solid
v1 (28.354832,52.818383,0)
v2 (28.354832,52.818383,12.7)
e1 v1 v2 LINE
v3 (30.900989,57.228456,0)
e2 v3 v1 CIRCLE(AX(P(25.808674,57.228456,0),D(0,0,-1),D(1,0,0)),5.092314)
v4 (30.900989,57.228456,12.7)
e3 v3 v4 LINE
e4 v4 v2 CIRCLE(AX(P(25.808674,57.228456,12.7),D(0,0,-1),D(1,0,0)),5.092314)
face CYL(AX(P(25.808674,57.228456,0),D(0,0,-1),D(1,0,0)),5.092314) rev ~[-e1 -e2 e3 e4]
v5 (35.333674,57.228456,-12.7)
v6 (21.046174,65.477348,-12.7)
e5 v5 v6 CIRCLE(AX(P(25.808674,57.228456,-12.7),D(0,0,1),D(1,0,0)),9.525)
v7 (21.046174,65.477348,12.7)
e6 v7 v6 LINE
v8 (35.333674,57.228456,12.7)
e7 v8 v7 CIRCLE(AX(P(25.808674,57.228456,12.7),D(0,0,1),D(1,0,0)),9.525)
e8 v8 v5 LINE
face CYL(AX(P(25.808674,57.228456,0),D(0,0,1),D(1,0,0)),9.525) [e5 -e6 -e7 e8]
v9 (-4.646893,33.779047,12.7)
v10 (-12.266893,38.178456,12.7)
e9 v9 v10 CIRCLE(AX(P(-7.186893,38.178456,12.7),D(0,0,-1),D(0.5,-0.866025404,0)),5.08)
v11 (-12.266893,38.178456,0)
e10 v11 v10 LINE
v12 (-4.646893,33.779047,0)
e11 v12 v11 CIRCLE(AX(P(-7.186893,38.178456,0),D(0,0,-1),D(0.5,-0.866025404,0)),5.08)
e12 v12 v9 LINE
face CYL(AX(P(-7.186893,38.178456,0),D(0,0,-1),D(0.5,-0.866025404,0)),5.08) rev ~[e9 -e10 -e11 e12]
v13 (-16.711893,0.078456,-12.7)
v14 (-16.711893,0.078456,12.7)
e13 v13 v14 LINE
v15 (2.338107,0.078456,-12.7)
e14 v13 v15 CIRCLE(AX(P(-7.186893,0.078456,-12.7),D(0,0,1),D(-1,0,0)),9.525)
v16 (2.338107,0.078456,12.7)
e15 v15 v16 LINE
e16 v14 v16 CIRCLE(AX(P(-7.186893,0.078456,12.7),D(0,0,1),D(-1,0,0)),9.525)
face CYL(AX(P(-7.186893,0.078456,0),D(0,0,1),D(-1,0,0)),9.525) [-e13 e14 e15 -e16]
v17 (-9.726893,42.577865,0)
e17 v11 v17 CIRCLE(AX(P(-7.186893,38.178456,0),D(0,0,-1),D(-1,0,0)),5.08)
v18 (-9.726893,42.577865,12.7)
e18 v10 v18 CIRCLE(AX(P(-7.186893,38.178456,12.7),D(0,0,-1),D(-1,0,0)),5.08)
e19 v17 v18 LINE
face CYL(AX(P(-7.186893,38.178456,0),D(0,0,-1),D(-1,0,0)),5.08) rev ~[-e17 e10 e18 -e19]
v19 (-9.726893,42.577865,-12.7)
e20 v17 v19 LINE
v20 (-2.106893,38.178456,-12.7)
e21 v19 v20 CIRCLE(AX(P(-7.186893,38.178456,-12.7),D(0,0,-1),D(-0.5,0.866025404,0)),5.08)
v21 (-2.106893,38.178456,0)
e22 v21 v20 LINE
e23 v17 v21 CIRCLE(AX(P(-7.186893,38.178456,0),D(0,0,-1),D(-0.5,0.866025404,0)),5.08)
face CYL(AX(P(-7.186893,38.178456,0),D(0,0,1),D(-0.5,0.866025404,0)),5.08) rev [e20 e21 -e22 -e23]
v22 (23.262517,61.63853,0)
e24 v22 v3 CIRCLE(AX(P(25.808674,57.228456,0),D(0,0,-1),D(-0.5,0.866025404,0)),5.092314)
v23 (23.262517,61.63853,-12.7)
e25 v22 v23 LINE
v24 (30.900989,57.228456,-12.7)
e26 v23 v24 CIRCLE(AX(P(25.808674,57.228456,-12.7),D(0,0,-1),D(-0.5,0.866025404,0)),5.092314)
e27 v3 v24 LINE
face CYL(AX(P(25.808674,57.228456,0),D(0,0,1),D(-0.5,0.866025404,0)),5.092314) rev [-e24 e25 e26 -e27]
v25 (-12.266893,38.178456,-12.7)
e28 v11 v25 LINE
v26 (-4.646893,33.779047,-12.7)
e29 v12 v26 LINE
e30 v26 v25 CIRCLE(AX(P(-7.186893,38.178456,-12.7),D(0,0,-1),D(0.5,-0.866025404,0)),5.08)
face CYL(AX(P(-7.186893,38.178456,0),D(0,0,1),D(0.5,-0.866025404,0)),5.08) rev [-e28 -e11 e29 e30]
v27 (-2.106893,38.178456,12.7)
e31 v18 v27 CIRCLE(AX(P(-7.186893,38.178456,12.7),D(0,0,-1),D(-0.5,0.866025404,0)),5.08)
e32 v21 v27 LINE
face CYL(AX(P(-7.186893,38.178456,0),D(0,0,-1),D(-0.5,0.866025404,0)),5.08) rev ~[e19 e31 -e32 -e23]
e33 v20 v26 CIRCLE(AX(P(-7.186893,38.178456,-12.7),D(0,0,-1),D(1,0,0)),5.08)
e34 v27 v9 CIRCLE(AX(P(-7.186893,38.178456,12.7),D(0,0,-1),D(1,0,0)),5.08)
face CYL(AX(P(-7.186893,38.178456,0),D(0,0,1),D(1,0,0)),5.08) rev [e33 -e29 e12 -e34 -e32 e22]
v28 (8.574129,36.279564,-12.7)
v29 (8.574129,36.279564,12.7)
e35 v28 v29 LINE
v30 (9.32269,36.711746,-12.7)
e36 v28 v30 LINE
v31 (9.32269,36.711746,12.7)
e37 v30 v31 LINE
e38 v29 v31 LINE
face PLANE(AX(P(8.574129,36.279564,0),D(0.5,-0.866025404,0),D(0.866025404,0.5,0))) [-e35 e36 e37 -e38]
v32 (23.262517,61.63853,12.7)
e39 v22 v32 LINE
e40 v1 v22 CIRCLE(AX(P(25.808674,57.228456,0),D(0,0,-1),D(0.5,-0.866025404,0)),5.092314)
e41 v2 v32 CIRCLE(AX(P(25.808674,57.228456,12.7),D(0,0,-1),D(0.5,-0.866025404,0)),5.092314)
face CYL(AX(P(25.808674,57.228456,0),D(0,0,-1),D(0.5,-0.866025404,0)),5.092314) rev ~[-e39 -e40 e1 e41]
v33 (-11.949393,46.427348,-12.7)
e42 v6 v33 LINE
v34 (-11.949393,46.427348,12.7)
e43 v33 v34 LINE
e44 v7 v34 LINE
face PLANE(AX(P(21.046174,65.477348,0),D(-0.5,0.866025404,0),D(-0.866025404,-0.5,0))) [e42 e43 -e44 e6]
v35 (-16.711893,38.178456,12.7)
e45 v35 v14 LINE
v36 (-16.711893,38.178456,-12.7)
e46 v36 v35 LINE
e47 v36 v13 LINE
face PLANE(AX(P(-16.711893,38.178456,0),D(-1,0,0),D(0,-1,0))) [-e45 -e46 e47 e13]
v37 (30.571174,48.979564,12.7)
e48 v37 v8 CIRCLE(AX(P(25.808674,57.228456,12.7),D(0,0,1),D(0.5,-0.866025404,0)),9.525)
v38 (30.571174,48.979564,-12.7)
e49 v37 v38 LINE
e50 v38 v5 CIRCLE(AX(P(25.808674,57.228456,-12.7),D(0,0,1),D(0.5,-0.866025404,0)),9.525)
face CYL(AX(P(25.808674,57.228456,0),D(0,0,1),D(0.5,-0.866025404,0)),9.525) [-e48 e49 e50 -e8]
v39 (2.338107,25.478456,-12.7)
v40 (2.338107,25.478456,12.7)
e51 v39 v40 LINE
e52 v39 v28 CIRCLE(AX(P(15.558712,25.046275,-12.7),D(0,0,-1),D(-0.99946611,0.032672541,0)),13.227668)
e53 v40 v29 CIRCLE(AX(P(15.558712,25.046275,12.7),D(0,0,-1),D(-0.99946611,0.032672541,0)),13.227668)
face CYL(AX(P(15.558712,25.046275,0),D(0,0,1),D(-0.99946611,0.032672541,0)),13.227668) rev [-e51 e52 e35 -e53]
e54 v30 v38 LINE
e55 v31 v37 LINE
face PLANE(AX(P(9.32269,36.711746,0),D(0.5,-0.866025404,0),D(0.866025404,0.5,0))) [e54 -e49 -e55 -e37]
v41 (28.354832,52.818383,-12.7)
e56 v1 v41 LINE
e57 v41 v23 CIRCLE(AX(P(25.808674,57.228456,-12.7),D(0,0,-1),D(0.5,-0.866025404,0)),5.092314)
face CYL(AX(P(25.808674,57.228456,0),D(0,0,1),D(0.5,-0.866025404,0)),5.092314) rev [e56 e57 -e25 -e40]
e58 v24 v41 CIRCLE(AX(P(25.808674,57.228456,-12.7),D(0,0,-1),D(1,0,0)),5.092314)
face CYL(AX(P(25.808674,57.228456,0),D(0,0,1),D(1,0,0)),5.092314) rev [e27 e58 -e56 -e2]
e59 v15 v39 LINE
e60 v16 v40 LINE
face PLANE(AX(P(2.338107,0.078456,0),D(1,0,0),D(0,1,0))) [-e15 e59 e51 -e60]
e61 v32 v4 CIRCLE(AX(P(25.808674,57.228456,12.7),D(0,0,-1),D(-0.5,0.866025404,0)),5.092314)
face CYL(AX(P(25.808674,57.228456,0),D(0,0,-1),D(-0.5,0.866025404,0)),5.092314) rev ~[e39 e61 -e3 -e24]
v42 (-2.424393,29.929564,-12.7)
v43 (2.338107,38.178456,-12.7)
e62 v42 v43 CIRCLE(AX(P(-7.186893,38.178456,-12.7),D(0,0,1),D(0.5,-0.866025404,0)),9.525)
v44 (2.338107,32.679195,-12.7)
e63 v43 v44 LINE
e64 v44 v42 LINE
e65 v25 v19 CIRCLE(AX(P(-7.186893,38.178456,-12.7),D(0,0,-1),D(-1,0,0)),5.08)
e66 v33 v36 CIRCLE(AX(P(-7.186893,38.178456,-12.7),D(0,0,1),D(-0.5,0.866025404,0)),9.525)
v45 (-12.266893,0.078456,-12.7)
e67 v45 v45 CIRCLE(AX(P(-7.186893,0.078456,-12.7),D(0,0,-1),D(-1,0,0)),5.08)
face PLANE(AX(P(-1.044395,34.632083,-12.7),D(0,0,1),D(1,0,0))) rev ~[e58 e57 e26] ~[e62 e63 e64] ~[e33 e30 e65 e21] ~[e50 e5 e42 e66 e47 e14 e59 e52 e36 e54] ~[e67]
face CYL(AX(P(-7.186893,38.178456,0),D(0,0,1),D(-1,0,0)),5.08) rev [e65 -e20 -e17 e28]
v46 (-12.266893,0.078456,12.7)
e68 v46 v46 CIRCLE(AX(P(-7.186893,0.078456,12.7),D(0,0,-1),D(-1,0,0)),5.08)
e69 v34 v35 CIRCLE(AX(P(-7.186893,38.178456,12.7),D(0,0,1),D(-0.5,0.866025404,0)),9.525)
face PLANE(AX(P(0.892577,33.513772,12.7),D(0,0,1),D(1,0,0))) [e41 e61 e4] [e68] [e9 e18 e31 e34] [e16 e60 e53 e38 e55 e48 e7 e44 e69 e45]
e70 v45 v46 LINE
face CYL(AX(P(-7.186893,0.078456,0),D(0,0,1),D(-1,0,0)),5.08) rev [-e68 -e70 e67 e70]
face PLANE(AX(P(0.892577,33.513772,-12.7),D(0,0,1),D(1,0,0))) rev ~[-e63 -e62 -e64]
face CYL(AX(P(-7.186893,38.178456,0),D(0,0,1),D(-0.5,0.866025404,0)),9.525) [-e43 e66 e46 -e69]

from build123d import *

# Parameters (mm, degrees)
F1_DEPTH = 12.7
F2_DEPTH = 12.7
F3_DEPTH = 12.7


with BuildPart() as f1:
    # F0 (on Top) → F1 (new body, symmetric)
    with BuildSketch(Plane.XY):
        with BuildLine():
            ThreePointArc((-16.7118934188, 0.0784563937), (-7.1868934188, -9.4465436063), (2.3381065812, 0.0784563937))
            Line((2.3381065812, 0.0784563937), (-2.1068934188, 0.0784563937))
            ThreePointArc((-2.1068934188, 0.0784563937), (-7.1868934188, -5.0015436063), (-12.2668934188, 0.0784563937))
            Line((-12.2668934188, 0.0784563937), (-16.7118934188, 0.0784563937))
        make_face()
        with BuildLine():
            ThreePointArc((-16.7118934188, 0.0784563937), (-7.1868934188, 9.6034563937), (2.3381065812, 0.0784563937))
            Line((2.3381065812, 0.0784563937), (2.3381065812, 24.6140933614))
            ThreePointArc((2.3381065812, 24.6140933614), (2.3310444619, 25.0462748775), (2.3381065812, 25.4784563937))
            Line((2.3381065812, 25.4784563937), (2.3381065812, 32.6791950797))
            Line((2.3381065812, 32.6791950797), (-2.4243934188, 29.9295644226))
            ThreePointArc((-2.4243934188, 29.9295644226), (-11.9493934188, 29.9295644226), (-16.7118934188, 38.1784563937))
            Line((-16.7118934188, 38.1784563937), (-16.7118934188, 0.0784563937))
        make_face()
        with BuildLine():
            Line((-2.1068934188, 0.0784563937), (2.3381065812, 0.0784563937))
            ThreePointArc((2.3381065812, 0.0784563937), (-7.1868934188, 9.6034563937), (-16.7118934188, 0.0784563937))
            Line((-16.7118934188, 0.0784563937), (-12.2668934188, 0.0784563937))
            ThreePointArc((-12.2668934188, 0.0784563937), (-7.1868934188, 5.1584563937), (-2.1068934188, 0.0784563937))
        make_face()
        with BuildLine():
            ThreePointArc((2.3381065812, 25.4784563937), (2.3310444619, 25.0462748775), (2.3381065812, 24.6140933614))
            Line((2.3381065812, 24.6140933614), (2.3381065812, 25.4784563937))
        make_face()
        with BuildLine():
            Line((2.3381065812, 32.6791950797), (2.3381065812, 25.4784563937))
            ThreePointArc((2.3381065812, 25.4784563937), (4.1032159035, 31.6601087373), (8.5741292093, 36.2795644226))
            Line((8.5741292093, 36.2795644226), (2.3381065812, 32.6791950797))
        make_face()
        with BuildLine():
            ThreePointArc((-11.9493934188, 46.4273483647), (-15.4357853898, 42.9409563937), (-16.7118934188, 38.1784563937))
            Line((-16.7118934188, 38.1784563937), (-12.2668934188, 38.1784563937))
            ThreePointArc((-12.2668934188, 38.1784563937), (-11.58630247, 40.7184563937), (-9.7268934188, 42.5778654449))
            Line((-9.7268934188, 42.5778654449), (-11.9493934188, 46.4273483647))
        make_face()
        with BuildLine():
            Line((-12.2668934188, 38.1784563937), (-16.7118934188, 38.1784563937))
            ThreePointArc((-16.7118934188, 38.1784563937), (-11.9493934188, 29.9295644226), (-2.4243934188, 29.9295644226))
            Line((-2.4243934188, 29.9295644226), (-4.6468934188, 33.7790473425))
            ThreePointArc((-4.6468934188, 33.7790473425), (-9.7268934188, 33.7790473425), (-12.2668934188, 38.1784563937))
        make_face()
        with BuildLine():
            Line((2.3381065812, 38.1784563937), (2.3381065812, 32.6791950797))
            Line((2.3381065812, 32.6791950797), (8.5741292093, 36.2795644226))
            ThreePointArc((8.5741292093, 36.2795644226), (8.9448783217, 36.5017711555), (9.3226895534, 36.7117459388))
            Line((9.3226895534, 36.7117459388), (30.5711744654, 48.9795644226))
            ThreePointArc((30.5711744654, 48.9795644226), (17.5597824944, 52.4659563937), (21.0461744654, 65.4773483647))
            Line((21.0461744654, 65.4773483647), (-11.9493934188, 46.4273483647))
            ThreePointArc((-11.9493934188, 46.4273483647), (-2.4243934188, 46.4273483647), (2.3381065812, 38.1784563937))
        make_face()
        with BuildLine():
            ThreePointArc((9.3226895534, 36.7117459388), (8.9448783217, 36.5017711555), (8.5741292093, 36.2795644226))
            Line((8.5741292093, 36.2795644226), (9.3226895534, 36.7117459388))
        make_face()
        with BuildLine():
            ThreePointArc((2.3381065812, 38.1784563937), (-2.4243934188, 46.4273483647), (-11.9493934188, 46.4273483647))
            Line((-11.9493934188, 46.4273483647), (-9.7268934188, 42.5778654449))
            ThreePointArc((-9.7268934188, 42.5778654449), (-4.6468934188, 42.5778654449), (-2.1068934188, 38.1784563937))
            Line((-2.1068934188, 38.1784563937), (2.3381065812, 38.1784563937))
        make_face()
        with BuildLine():
            ThreePointArc((35.3336744654, 57.2284563937), (30.5711744654, 65.4773483647), (21.0461744654, 65.4773483647))
            Line((21.0461744654, 65.4773483647), (23.2625173508, 61.6385298803))
            ThreePointArc((23.2625173508, 61.6385298803), (28.3548315801, 61.6385298803), (30.9009886947, 57.2284563937))
            ThreePointArc((30.9009886947, 57.2284563937), (30.218747952, 54.6822992791), (28.3548315801, 52.8183829071))
            Line((28.3548315801, 52.8183829071), (30.5711744654, 48.9795644226))
            ThreePointArc((30.5711744654, 48.9795644226), (34.0575664365, 52.4659563937), (35.3336744654, 57.2284563937))
        make_face()
        with BuildLine():
            Line((23.2625173508, 61.6385298803), (21.0461744654, 65.4773483647))
            ThreePointArc((21.0461744654, 65.4773483647), (17.5597824944, 52.4659563937), (30.5711744654, 48.9795644226))
            Line((30.5711744654, 48.9795644226), (28.3548315801, 52.8183829071))
            ThreePointArc((28.3548315801, 52.8183829071), (21.3986009788, 54.6822992791), (23.2625173508, 61.6385298803))
        make_face()
    extrude(amount=F1_DEPTH, both=True)

    # F0 (on Top) → F2 (join, symmetric)
    with BuildSketch(Plane.XY):
        with BuildLine():
            Line((-4.6468934188, 33.7790473425), (-2.4243934188, 29.9295644226))
            ThreePointArc((-2.4243934188, 29.9295644226), (1.0619985523, 33.4159563937), (2.3381065812, 38.1784563937))
            Line((2.3381065812, 38.1784563937), (-2.1068934188, 38.1784563937))
            ThreePointArc((-2.1068934188, 38.1784563937), (-2.7874843675, 35.6384563937), (-4.6468934188, 33.7790473425))
        make_face()
    extrude(amount=F2_DEPTH, both=True)

    # F0 (on Top) → F3 (join, symmetric)
    with BuildSketch(Plane.XY):
        with BuildLine():
            Line((-2.4243934188, 29.9295644226), (2.3381065812, 32.6791950797))
            Line((2.3381065812, 32.6791950797), (2.3381065812, 38.1784563937))
            ThreePointArc((2.3381065812, 38.1784563937), (1.0619985523, 33.4159563937), (-2.4243934188, 29.9295644226))
        make_face()
    extrude(amount=F3_DEPTH, both=True)


solid = f1.part
